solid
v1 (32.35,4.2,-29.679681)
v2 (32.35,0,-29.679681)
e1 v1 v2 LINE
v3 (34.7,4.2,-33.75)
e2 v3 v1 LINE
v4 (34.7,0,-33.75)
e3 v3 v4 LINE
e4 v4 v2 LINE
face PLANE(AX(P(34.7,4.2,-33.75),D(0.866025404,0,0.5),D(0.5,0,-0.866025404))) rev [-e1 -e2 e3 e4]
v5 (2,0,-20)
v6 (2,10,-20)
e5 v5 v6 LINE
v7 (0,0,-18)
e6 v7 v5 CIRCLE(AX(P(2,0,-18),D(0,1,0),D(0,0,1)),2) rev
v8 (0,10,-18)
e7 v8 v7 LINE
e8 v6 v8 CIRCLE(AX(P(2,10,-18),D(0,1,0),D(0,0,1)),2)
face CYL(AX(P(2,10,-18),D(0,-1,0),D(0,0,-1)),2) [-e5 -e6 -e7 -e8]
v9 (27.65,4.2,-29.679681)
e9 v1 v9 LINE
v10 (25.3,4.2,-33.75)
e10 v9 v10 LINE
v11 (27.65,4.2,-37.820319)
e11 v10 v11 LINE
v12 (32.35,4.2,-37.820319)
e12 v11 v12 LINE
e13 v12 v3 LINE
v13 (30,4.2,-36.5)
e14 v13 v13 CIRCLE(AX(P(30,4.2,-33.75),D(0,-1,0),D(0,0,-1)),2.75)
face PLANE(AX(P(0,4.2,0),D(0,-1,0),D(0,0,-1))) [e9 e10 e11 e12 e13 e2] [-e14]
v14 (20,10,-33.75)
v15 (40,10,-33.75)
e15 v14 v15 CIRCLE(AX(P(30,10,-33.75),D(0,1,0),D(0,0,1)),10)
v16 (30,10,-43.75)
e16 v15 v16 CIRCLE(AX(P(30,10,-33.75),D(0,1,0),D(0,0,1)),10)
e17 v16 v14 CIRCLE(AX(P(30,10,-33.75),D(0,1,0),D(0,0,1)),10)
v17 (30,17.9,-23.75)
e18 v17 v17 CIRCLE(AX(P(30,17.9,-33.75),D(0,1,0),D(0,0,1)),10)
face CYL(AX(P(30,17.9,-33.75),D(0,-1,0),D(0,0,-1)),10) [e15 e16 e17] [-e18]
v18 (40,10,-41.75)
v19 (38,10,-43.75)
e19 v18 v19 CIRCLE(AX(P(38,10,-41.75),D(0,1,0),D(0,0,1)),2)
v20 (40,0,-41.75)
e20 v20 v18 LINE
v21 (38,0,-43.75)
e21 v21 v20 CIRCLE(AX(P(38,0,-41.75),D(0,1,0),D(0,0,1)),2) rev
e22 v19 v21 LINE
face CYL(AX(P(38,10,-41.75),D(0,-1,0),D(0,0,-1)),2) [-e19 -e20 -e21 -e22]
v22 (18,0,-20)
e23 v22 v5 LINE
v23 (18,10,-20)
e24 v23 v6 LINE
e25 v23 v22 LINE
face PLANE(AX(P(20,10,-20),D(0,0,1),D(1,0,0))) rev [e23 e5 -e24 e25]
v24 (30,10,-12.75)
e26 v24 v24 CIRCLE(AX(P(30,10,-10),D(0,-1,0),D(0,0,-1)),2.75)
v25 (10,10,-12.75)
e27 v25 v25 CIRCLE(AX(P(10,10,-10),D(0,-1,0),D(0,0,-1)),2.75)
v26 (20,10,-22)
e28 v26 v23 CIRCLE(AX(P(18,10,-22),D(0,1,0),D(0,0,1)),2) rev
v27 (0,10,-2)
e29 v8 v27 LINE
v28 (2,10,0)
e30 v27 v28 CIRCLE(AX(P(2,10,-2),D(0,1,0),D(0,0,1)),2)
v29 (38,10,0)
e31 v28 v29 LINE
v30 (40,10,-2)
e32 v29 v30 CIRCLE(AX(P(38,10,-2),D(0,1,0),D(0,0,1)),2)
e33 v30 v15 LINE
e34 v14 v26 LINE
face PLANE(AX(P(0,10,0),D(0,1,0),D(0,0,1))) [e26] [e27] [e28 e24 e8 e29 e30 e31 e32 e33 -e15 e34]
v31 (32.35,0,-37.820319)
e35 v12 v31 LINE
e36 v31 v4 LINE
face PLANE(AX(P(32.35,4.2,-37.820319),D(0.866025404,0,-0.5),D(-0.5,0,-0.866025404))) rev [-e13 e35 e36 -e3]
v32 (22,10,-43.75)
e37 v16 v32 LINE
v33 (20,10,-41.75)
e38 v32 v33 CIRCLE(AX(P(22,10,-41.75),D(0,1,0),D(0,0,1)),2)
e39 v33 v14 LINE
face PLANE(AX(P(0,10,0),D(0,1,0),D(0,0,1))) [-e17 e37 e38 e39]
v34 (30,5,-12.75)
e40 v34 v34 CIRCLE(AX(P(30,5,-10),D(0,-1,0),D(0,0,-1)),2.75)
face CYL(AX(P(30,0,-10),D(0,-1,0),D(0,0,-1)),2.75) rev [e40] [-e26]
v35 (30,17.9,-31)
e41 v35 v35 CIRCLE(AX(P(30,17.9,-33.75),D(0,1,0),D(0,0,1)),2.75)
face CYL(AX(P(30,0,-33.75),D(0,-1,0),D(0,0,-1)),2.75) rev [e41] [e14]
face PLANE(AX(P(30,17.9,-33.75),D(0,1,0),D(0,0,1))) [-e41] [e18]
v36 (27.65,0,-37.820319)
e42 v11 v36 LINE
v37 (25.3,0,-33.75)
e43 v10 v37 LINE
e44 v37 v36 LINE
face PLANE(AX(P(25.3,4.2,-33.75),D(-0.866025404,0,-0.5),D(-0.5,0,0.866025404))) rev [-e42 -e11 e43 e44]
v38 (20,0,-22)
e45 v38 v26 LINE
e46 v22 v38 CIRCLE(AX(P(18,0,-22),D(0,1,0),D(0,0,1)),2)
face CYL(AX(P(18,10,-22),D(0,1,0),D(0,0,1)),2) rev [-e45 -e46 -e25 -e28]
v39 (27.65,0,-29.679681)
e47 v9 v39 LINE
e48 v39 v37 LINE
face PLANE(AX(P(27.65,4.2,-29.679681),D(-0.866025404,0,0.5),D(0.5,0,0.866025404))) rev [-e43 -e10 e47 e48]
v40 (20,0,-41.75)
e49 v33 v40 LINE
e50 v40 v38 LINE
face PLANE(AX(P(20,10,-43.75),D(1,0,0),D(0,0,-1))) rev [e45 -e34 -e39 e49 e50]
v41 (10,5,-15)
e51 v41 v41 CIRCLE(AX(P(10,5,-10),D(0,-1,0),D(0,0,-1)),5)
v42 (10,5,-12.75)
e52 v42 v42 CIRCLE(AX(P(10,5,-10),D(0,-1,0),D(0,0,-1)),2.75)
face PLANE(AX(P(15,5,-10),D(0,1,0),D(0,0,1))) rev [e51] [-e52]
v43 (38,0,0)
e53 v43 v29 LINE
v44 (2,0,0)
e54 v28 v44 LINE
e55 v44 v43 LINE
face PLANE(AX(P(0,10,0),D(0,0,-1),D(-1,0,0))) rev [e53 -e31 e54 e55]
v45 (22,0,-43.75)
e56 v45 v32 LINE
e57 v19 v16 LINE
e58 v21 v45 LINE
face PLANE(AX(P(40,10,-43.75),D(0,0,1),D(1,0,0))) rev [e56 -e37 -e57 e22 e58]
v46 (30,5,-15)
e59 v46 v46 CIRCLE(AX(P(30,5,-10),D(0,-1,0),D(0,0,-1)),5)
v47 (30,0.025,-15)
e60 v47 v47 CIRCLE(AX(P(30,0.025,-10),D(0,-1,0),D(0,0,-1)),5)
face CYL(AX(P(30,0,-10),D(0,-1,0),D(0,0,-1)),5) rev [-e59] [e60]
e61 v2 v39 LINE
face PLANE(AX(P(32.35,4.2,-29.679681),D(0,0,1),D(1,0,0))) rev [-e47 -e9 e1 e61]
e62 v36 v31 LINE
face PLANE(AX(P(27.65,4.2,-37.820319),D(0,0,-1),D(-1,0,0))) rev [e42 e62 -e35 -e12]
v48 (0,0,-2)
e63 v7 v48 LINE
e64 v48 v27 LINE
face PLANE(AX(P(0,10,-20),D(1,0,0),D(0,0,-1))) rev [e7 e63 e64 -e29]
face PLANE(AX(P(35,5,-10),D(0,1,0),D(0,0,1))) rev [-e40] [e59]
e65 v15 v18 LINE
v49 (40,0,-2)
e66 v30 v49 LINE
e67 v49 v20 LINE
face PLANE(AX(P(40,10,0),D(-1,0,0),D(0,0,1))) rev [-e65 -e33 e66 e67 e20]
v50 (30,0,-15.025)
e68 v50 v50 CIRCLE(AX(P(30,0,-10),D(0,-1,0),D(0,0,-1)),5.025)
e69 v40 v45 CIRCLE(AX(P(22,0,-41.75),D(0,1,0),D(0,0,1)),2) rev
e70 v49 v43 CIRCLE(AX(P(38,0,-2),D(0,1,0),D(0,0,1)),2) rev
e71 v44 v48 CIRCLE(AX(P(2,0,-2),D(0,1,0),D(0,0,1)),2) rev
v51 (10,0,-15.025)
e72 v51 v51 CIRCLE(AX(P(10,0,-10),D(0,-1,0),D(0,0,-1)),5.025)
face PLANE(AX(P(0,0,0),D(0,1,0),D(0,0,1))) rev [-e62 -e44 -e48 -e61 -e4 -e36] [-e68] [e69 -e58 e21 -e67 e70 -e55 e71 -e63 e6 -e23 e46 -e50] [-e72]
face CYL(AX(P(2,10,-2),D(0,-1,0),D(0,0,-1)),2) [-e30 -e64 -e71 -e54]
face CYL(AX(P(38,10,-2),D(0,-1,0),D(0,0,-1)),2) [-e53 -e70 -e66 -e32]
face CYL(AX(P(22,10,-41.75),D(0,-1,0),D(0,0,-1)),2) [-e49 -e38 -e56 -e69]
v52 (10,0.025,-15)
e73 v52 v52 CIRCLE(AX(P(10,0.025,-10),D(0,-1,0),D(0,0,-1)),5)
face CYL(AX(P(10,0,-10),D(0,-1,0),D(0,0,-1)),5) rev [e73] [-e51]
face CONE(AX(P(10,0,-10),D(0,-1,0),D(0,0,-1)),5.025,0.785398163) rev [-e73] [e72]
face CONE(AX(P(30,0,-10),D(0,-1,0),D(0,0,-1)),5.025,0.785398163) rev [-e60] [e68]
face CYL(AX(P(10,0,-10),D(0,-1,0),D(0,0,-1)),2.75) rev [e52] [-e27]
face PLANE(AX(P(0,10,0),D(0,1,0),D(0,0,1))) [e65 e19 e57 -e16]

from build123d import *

# Parameters (mm, degrees)
BOSS_EXTRUDE1_DEPTH            = 10
CBORE_FOR_M5_SHCS1_AT_2_COUNT  = 2
CBORE_FOR_M5_SHCS1_AT_2_PITCH  = 20
FILLET1_R                      = 2
CUT_EXTRUDE1_DEPTH             = 4.2
M5_CLEARANCE_HOLE1_D           = 5.5
M5_CLEARANCE_HOLE1_CSINK_D     = 5.55
M5_CLEARANCE_HOLE1_CSINK_ANGLE = 90
SKETCH9_R                      = 10
SKETCH9_R_2                    = 2.75
BOSS_EXTRUDE2_DEPTH            = 7.9


with BuildPart() as part:
    # Sketch1 → Boss-Extrude1 (new body)
    with BuildSketch(Plane(origin=(0, 0, 0), x_dir=(1, 0, 0), z_dir=(0, 1, 0))):
        Polygon((0, 0), (40, 0), (40, 43.75), (20, 43.75), (20, 20), (0, 20), align=None)
    extrude(amount=BOSS_EXTRUDE1_DEPTH)

    # Sketch4 → CBORE for M5 SHCS1 (revolve, cut)
    with BuildSketch(Plane(origin=(10, 0, -10), x_dir=(0, 0, -1), z_dir=(1, 0, 0))):
        Polygon((0, 0), (0, 10), (2.75, 10), (2.75, 5), (5, 5), (5, 0.025), (5.025, 0), align=None)
    cbore_for_m5_shcs1 = revolve(axis=Axis((10, -6.35, -10), (0, 1, 0)), mode=Mode.SUBTRACT)

    # CBORE for M5 SHCS1 at 2: CBORE for M5 SHCS1 ×2
    with Locations(*[(i * CBORE_FOR_M5_SHCS1_AT_2_PITCH, 0, 0) for i in range(1, CBORE_FOR_M5_SHCS1_AT_2_COUNT)]):
        add(cbore_for_m5_shcs1, mode=Mode.SUBTRACT)

    # Fillet1
    fillet1_edges = [part.edges().sort_by_distance(p)[0] for p in [
        (0, 5, -20),
        (20, 5, -20),
        (20, 5, -43.75),
        (40, 5, -43.75),
        (40, 5, 0),
        (0, 5, 0),
    ]]
    fillet(fillet1_edges, radius=FILLET1_R)

    # Sketch6 → Cut-Extrude1 (cut)
    with BuildSketch(Plane.XZ):
        Polygon((34.7, -33.75), (32.35, -29.679680602), (27.65, -29.679680602), (25.3, -33.75), (27.65, -37.820319398), (32.35, -37.820319398), align=None)
    extrude(amount=-CUT_EXTRUDE1_DEPTH, mode=Mode.SUBTRACT)

    # M5 Clearance Hole1 (through all)
    with Locations(Plane(origin=(0, 0, 0), x_dir=(-1, 0, 0), z_dir=(0, -1, 0))):
        with Locations((-30, 33.75)):
            CounterSinkHole(M5_CLEARANCE_HOLE1_D / 2, M5_CLEARANCE_HOLE1_CSINK_D / 2, counter_sink_angle=M5_CLEARANCE_HOLE1_CSINK_ANGLE)

    # Sketch9 → Boss-Extrude2 (add)
    with BuildSketch(Plane(origin=(0, 10, 0), x_dir=(1, 0, 0), z_dir=(0, 1, 0))):
        with Locations((30, 33.75)):
            Circle(SKETCH9_R)
        with Locations((30, 33.75)):
            Circle(SKETCH9_R_2, mode=Mode.SUBTRACT)
    extrude(amount=BOSS_EXTRUDE2_DEPTH)


solid = part.part
